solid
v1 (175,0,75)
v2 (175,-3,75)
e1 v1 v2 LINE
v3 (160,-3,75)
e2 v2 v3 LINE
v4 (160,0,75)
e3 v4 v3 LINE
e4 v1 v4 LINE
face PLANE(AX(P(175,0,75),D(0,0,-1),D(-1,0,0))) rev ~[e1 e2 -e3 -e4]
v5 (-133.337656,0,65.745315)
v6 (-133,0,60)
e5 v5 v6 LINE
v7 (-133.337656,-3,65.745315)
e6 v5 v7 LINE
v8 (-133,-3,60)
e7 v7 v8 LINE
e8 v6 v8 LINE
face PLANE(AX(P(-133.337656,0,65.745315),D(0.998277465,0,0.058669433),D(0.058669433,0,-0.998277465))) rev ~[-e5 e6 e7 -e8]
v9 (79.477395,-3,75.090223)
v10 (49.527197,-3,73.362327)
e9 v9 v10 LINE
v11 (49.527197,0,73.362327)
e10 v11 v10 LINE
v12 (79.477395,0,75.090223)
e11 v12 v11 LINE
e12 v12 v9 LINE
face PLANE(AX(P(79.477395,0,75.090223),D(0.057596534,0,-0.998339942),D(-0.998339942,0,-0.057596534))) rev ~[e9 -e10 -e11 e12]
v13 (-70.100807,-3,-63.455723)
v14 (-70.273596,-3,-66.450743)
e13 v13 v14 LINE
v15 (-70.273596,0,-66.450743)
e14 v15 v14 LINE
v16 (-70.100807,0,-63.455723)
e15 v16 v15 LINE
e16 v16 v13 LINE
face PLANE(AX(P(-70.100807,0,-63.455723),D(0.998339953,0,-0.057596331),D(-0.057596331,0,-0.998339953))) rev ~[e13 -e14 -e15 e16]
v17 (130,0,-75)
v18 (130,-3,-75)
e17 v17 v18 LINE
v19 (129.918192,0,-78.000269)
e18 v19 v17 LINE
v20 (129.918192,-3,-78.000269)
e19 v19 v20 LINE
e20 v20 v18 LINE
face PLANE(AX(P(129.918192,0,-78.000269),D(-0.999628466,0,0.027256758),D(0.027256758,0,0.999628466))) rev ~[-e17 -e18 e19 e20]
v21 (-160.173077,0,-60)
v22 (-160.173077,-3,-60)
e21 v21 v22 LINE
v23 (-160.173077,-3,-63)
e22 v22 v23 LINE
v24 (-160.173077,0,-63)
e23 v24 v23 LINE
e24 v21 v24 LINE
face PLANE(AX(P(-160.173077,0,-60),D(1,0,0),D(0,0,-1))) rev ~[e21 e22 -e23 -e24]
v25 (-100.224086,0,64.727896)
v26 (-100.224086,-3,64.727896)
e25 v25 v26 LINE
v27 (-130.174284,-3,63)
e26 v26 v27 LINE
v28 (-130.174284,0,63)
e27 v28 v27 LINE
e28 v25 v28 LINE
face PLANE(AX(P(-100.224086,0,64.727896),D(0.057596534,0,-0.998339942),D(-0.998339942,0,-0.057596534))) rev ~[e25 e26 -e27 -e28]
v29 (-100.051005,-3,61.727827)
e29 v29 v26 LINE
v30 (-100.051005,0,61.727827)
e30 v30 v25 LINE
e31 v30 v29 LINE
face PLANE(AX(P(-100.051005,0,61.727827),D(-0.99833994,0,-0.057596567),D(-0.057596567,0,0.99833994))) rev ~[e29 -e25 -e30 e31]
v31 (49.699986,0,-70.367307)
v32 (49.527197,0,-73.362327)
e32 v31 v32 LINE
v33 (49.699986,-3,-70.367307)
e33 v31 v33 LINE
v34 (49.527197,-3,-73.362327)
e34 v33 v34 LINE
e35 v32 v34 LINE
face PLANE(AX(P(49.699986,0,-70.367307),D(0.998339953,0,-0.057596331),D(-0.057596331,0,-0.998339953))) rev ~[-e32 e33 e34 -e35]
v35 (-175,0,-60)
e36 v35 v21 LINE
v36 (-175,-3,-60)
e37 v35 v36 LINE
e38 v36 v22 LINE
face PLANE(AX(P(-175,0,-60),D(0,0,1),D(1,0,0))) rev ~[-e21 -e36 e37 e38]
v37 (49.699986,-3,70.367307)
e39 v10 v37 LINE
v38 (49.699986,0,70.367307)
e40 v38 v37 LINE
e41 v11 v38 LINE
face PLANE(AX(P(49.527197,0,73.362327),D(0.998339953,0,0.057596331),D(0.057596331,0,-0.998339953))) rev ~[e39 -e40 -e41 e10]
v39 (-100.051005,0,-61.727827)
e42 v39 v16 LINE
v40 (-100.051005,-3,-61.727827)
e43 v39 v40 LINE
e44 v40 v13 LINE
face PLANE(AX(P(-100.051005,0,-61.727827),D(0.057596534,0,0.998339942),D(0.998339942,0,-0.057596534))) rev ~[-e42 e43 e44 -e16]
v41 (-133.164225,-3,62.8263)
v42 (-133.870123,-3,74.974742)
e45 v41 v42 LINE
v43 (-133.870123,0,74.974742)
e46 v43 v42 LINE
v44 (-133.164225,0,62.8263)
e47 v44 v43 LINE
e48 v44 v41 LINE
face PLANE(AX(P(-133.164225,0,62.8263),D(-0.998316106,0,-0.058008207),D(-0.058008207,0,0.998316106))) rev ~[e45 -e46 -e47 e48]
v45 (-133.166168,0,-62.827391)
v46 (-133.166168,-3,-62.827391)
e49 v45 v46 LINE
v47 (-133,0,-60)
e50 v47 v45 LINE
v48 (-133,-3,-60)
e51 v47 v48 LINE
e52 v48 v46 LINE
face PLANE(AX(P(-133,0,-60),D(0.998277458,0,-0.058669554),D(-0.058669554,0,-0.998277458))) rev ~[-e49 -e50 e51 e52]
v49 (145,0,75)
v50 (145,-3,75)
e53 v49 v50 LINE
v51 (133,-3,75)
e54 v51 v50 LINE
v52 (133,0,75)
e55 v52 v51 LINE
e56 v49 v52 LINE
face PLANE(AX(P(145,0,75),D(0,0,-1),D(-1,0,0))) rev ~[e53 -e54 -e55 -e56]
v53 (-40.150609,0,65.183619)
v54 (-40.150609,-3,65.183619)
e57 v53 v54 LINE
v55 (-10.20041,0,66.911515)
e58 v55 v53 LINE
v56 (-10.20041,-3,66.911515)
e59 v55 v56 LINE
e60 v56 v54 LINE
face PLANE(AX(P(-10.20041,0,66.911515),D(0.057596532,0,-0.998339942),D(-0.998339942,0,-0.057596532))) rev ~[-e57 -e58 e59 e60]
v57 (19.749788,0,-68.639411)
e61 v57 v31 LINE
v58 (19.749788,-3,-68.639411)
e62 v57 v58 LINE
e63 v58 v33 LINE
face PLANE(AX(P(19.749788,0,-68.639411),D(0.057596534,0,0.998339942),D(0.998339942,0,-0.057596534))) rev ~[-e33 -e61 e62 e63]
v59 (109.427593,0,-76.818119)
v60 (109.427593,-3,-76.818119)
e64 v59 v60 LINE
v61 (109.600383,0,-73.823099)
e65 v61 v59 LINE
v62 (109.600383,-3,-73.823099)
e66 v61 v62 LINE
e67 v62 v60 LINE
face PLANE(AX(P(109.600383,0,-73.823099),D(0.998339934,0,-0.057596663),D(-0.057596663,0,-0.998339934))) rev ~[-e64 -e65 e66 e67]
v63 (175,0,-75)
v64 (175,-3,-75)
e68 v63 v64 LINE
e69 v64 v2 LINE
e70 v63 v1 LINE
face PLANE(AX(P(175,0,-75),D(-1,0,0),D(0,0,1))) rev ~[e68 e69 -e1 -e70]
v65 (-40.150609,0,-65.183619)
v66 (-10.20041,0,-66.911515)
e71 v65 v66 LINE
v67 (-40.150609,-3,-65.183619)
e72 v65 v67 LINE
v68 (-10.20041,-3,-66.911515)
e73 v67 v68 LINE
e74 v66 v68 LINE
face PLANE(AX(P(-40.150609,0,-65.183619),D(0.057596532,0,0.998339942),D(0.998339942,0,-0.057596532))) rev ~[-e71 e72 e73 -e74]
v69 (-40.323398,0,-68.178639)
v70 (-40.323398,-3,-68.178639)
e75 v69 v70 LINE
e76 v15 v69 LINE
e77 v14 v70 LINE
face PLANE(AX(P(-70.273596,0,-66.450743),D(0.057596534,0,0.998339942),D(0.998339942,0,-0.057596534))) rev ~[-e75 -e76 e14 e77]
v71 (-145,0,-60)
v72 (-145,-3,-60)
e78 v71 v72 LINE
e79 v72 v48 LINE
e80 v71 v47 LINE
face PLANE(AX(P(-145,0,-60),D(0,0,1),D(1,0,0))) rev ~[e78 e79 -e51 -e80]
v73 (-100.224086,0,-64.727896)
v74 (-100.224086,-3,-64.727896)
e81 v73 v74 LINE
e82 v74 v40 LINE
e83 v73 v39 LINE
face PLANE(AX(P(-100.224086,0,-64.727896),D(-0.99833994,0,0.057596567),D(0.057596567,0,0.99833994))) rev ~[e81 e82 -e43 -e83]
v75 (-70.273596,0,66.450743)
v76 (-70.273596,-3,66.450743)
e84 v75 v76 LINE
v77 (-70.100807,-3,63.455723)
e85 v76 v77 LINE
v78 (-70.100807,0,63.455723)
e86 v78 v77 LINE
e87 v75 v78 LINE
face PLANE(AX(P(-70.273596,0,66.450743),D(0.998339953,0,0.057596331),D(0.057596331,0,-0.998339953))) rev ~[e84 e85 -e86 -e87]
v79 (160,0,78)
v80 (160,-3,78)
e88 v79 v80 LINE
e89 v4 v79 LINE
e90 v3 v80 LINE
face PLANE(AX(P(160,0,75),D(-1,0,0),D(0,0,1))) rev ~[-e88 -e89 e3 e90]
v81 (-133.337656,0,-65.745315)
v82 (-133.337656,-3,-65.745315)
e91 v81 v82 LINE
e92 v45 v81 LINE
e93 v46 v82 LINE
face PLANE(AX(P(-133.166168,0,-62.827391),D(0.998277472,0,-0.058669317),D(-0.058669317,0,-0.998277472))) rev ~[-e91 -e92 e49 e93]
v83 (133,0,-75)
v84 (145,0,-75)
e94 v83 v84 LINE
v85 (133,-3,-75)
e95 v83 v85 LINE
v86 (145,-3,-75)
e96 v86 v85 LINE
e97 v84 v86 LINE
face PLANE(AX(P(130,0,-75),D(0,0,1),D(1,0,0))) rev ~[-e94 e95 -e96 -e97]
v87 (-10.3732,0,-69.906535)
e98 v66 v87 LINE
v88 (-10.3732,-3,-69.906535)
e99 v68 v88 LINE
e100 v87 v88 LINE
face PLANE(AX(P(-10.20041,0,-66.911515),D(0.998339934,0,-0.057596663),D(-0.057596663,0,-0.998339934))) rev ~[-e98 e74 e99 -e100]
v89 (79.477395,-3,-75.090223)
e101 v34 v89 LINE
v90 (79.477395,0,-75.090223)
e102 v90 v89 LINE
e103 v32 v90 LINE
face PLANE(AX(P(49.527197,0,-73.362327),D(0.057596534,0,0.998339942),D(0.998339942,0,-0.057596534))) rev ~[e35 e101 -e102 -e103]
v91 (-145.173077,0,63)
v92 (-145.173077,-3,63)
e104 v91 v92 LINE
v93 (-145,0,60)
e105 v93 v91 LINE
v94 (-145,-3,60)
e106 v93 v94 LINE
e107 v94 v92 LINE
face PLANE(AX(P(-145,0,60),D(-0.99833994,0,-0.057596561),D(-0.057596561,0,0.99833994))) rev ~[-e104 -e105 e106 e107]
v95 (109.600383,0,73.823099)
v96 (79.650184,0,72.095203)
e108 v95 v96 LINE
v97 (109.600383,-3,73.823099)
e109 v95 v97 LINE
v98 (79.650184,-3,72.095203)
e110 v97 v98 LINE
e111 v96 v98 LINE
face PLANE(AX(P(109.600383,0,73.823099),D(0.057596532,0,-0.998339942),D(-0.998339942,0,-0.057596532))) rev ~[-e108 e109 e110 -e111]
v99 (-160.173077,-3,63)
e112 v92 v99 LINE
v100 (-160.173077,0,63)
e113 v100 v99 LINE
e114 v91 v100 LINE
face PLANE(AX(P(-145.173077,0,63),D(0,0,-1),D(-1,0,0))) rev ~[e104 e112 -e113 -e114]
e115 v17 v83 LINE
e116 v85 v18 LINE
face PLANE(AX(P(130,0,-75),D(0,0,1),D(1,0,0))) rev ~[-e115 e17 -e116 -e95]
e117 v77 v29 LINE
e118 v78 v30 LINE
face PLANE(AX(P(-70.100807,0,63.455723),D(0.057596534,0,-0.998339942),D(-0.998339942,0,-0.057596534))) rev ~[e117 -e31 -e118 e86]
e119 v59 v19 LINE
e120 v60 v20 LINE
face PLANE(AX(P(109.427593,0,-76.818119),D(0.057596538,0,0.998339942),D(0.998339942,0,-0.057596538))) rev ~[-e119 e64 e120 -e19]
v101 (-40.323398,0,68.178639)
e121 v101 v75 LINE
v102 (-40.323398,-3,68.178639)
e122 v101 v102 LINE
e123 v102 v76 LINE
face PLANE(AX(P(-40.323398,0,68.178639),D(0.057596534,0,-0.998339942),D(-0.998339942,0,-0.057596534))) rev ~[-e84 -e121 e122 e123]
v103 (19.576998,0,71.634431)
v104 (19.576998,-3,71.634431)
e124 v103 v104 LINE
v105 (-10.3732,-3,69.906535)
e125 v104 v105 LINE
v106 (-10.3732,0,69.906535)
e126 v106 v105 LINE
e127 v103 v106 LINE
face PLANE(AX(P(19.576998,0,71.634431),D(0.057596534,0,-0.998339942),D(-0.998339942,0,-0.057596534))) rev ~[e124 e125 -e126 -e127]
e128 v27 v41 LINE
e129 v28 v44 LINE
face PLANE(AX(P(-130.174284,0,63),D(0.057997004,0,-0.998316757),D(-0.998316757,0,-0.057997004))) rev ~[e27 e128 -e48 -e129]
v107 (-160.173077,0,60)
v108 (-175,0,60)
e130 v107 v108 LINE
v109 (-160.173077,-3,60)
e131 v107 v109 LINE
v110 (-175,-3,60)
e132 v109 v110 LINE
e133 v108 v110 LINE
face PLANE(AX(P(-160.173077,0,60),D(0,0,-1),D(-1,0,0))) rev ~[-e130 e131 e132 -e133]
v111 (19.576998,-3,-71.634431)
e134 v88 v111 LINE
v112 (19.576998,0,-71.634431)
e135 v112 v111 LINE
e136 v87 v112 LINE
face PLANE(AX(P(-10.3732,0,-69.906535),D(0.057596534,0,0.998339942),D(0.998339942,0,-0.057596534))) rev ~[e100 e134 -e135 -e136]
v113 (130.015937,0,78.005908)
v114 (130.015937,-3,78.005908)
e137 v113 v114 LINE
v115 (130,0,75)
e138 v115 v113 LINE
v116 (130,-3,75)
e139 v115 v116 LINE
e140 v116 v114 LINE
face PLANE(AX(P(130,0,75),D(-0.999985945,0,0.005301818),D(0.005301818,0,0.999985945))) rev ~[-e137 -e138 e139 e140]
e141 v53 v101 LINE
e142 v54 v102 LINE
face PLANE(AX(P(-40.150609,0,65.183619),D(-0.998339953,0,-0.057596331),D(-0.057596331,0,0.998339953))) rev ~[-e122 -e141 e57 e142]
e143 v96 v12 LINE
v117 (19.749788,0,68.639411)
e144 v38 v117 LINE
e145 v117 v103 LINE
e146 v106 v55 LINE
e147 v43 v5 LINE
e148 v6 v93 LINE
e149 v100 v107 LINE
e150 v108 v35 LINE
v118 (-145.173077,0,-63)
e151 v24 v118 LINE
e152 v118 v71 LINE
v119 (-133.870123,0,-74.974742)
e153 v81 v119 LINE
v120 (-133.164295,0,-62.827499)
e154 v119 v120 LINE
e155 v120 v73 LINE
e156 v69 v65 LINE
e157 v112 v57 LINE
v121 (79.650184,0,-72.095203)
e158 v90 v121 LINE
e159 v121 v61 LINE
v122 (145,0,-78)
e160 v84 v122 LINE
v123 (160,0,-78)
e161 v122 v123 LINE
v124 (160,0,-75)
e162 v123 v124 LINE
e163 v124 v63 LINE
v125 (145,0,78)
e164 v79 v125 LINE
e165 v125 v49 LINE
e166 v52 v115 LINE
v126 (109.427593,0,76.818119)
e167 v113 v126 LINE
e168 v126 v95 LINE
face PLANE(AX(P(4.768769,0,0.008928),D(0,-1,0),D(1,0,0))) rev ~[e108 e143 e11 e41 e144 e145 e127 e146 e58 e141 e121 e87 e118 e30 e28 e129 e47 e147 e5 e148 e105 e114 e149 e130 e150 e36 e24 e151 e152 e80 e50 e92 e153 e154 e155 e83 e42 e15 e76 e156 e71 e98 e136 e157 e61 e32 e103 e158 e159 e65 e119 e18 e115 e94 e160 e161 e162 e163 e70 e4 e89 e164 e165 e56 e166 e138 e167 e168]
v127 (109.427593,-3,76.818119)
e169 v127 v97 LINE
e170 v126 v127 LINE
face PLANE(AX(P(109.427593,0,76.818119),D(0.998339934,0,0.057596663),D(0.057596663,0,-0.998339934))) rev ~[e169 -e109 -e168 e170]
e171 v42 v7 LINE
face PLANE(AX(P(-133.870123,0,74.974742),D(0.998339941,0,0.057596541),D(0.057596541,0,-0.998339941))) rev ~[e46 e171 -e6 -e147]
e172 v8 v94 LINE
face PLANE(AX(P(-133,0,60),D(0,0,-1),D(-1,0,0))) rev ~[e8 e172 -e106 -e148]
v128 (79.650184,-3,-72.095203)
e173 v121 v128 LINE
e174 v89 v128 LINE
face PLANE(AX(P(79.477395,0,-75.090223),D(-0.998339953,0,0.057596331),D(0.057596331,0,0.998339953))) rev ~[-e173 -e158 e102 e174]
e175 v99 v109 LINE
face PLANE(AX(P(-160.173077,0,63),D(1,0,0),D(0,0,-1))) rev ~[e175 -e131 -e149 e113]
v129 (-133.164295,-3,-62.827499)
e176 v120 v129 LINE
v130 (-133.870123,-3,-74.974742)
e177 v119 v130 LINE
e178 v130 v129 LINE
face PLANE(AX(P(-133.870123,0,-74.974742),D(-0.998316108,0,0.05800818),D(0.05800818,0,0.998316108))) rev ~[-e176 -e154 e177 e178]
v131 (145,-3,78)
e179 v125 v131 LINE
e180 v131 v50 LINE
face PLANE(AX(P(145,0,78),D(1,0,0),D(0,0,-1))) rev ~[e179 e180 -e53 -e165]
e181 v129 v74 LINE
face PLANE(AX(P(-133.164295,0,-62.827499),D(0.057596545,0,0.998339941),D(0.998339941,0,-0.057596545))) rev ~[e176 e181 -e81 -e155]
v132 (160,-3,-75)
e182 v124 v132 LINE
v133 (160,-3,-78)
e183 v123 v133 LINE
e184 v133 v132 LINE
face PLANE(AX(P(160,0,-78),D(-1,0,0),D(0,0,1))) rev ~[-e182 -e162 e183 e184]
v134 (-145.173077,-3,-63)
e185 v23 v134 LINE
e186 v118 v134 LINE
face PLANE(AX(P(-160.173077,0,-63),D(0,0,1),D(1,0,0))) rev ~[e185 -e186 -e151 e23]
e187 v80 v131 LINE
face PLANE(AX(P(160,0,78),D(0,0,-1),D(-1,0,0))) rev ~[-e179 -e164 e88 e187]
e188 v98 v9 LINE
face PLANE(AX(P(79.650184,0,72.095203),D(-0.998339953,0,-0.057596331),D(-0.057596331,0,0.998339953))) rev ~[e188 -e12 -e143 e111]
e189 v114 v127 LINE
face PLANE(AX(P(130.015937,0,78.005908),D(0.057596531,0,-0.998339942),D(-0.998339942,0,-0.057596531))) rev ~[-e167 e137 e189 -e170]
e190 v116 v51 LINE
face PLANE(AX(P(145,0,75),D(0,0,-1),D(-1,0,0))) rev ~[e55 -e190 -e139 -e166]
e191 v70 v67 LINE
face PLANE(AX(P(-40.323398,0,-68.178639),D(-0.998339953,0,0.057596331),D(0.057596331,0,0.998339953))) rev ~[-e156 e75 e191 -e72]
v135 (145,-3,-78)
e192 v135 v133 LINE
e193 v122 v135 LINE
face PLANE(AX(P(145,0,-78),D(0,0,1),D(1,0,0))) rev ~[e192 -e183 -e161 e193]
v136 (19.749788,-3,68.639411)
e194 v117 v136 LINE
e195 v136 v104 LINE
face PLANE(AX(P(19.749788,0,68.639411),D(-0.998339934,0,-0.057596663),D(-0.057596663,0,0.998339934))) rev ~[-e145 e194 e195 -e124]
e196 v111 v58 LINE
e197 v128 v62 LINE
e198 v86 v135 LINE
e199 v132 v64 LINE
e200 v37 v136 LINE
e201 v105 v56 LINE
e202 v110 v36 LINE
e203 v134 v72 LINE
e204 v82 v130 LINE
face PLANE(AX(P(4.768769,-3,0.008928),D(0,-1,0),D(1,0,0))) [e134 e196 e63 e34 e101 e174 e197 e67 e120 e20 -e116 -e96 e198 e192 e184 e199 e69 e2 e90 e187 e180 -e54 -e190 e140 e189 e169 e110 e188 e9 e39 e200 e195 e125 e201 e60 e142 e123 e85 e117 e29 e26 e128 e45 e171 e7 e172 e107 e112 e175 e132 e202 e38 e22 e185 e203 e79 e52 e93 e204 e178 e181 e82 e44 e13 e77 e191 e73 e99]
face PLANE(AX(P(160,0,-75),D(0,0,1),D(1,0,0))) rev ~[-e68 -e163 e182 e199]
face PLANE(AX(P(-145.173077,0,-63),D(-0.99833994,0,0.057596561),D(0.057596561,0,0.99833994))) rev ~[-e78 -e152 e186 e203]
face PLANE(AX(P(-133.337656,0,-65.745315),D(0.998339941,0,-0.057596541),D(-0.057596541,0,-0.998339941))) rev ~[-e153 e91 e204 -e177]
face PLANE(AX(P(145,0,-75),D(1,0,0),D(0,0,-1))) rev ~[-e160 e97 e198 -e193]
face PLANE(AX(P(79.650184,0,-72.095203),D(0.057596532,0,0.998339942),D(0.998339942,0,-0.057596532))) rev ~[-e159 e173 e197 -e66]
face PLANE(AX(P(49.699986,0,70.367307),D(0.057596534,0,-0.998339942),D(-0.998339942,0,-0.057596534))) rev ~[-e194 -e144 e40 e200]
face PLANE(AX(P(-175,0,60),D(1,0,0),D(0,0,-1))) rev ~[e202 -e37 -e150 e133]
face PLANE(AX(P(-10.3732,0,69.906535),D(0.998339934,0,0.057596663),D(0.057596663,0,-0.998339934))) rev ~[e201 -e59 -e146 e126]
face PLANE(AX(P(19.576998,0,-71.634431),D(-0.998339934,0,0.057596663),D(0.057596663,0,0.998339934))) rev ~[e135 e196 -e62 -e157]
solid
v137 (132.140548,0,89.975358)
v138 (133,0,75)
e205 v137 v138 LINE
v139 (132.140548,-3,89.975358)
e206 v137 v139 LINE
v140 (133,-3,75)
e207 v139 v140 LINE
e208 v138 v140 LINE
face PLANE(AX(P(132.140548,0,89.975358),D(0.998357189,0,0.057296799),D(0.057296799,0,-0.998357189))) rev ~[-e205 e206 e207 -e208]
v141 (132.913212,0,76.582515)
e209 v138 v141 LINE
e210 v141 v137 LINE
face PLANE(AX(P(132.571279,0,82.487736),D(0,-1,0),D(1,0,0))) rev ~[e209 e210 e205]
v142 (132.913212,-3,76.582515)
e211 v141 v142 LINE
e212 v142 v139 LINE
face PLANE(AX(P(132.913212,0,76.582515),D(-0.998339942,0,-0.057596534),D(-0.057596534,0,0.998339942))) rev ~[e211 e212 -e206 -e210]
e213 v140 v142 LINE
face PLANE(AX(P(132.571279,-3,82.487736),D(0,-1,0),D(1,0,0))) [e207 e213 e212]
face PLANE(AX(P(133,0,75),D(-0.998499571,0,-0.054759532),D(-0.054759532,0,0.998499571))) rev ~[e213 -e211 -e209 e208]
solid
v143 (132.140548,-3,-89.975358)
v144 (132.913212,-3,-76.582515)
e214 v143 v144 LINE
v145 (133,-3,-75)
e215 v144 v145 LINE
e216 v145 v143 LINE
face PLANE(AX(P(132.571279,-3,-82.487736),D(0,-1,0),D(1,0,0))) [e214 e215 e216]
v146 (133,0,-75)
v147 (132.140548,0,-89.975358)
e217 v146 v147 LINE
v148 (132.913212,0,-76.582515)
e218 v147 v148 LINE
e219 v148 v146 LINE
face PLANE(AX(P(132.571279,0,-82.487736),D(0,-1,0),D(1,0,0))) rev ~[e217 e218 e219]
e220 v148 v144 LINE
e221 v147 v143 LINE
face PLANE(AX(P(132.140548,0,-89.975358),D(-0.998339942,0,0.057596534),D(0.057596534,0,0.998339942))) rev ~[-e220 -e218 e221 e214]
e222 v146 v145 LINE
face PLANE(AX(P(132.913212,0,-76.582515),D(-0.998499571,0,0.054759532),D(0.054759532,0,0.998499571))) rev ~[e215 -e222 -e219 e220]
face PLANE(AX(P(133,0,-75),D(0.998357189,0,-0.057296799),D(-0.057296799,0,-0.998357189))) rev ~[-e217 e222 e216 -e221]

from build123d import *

# Parameters (mm, degrees)
F1_DEPTH = 3


with BuildPart() as f1:
    # F0 (on Front) → F1 (new body)
    with BuildSketch(Plane.XZ):
        Polygon((-100.051005, 61.727827), (-100.224086, 64.727896), (-130.174284, 63), (-133.164225, 62.8263), (-133, 60), (-130, 60), (-130, 30), (-133, 30), (-133, 0), (-133, -30), (-130, -30), (-130, -60), (-133, -60), (-133.164295, -62.827499), (-100.224086, -64.727896), (-100.051005, -61.727827), (-70.100807, -63.455723), (-70.273596, -66.450743), (-40.323398, -68.178639), (-40.150609, -65.183619), (-10.20041, -66.911515), (-10.3732, -69.906535), (19.576998, -71.634431), (19.749788, -68.639411), (49.699986, -70.367307), (49.527197, -73.362327), (79.477395, -75.090223), (79.650184, -72.095203), (109.600383, -73.823099), (109.427593, -76.818119), (129.918192, -78.000269), (130, -75), (133, -75), (133, -60), (130, -60), (130, -30), (133, -30), (133, 0), (133, 30), (130, 30), (130, 60), (133, 60), (133, 75), (130, 75), (130.015937, 78.005908), (109.427593, 76.818119), (109.600383, 73.823099), (79.650184, 72.095203), (79.477395, 75.090223), (49.527197, 73.362327), (49.699986, 70.367307), (19.749788, 68.639411), (19.576998, 71.634431), (-10.3732, 69.906535), (-10.20041, 66.911515), (-40.150609, 65.183619), (-40.323398, 68.178639), (-70.273596, 66.450743), (-70.100807, 63.455723), align=None)
        Polygon((132.140548, 89.975358), (133, 75), (132.913212, 76.582515), align=None)
        Polygon((132.913212, -76.582515), (133, -75), (132.140548, -89.975358), align=None)
        Polygon((-133, 60), (-133.164225, 62.8263), (-133.870123, 74.974742), (-133.337656, 65.745315), align=None)
        Polygon((-130, 60), (-133, 60), (-145, 60), (-145.173077, 63), (-160.173077, 63), (-160.173077, 60), (-175, 60), (-175, 0), (-175, -60), (-160.173077, -60), (-160.173077, -63), (-145.173077, -63), (-145, -60), (-133, -60), (-130, -60), (-130, -30), (-133, -30), (-133, 0), (-133, 30), (-130, 30), align=None)
        Polygon((-133.164295, -62.827499), (-133, -60), (-133.166168, -62.827391), align=None)
        Polygon((-133.164295, -62.827499), (-133.166168, -62.827391), (-133.337656, -65.745315), (-133.870123, -74.974742), align=None)
        Polygon((145, 75), (133, 75), (133, 60), (130, 60), (130, 30), (133, 30), (133, 0), (133, -30), (130, -30), (130, -60), (133, -60), (133, -75), (145, -75), (145, -78), (160, -78), (160, -75), (175, -75), (175, 0), (175, 75), (160, 75), (160, 78), (145, 78), align=None)
    extrude(amount=F1_DEPTH)


solid = f1.part
